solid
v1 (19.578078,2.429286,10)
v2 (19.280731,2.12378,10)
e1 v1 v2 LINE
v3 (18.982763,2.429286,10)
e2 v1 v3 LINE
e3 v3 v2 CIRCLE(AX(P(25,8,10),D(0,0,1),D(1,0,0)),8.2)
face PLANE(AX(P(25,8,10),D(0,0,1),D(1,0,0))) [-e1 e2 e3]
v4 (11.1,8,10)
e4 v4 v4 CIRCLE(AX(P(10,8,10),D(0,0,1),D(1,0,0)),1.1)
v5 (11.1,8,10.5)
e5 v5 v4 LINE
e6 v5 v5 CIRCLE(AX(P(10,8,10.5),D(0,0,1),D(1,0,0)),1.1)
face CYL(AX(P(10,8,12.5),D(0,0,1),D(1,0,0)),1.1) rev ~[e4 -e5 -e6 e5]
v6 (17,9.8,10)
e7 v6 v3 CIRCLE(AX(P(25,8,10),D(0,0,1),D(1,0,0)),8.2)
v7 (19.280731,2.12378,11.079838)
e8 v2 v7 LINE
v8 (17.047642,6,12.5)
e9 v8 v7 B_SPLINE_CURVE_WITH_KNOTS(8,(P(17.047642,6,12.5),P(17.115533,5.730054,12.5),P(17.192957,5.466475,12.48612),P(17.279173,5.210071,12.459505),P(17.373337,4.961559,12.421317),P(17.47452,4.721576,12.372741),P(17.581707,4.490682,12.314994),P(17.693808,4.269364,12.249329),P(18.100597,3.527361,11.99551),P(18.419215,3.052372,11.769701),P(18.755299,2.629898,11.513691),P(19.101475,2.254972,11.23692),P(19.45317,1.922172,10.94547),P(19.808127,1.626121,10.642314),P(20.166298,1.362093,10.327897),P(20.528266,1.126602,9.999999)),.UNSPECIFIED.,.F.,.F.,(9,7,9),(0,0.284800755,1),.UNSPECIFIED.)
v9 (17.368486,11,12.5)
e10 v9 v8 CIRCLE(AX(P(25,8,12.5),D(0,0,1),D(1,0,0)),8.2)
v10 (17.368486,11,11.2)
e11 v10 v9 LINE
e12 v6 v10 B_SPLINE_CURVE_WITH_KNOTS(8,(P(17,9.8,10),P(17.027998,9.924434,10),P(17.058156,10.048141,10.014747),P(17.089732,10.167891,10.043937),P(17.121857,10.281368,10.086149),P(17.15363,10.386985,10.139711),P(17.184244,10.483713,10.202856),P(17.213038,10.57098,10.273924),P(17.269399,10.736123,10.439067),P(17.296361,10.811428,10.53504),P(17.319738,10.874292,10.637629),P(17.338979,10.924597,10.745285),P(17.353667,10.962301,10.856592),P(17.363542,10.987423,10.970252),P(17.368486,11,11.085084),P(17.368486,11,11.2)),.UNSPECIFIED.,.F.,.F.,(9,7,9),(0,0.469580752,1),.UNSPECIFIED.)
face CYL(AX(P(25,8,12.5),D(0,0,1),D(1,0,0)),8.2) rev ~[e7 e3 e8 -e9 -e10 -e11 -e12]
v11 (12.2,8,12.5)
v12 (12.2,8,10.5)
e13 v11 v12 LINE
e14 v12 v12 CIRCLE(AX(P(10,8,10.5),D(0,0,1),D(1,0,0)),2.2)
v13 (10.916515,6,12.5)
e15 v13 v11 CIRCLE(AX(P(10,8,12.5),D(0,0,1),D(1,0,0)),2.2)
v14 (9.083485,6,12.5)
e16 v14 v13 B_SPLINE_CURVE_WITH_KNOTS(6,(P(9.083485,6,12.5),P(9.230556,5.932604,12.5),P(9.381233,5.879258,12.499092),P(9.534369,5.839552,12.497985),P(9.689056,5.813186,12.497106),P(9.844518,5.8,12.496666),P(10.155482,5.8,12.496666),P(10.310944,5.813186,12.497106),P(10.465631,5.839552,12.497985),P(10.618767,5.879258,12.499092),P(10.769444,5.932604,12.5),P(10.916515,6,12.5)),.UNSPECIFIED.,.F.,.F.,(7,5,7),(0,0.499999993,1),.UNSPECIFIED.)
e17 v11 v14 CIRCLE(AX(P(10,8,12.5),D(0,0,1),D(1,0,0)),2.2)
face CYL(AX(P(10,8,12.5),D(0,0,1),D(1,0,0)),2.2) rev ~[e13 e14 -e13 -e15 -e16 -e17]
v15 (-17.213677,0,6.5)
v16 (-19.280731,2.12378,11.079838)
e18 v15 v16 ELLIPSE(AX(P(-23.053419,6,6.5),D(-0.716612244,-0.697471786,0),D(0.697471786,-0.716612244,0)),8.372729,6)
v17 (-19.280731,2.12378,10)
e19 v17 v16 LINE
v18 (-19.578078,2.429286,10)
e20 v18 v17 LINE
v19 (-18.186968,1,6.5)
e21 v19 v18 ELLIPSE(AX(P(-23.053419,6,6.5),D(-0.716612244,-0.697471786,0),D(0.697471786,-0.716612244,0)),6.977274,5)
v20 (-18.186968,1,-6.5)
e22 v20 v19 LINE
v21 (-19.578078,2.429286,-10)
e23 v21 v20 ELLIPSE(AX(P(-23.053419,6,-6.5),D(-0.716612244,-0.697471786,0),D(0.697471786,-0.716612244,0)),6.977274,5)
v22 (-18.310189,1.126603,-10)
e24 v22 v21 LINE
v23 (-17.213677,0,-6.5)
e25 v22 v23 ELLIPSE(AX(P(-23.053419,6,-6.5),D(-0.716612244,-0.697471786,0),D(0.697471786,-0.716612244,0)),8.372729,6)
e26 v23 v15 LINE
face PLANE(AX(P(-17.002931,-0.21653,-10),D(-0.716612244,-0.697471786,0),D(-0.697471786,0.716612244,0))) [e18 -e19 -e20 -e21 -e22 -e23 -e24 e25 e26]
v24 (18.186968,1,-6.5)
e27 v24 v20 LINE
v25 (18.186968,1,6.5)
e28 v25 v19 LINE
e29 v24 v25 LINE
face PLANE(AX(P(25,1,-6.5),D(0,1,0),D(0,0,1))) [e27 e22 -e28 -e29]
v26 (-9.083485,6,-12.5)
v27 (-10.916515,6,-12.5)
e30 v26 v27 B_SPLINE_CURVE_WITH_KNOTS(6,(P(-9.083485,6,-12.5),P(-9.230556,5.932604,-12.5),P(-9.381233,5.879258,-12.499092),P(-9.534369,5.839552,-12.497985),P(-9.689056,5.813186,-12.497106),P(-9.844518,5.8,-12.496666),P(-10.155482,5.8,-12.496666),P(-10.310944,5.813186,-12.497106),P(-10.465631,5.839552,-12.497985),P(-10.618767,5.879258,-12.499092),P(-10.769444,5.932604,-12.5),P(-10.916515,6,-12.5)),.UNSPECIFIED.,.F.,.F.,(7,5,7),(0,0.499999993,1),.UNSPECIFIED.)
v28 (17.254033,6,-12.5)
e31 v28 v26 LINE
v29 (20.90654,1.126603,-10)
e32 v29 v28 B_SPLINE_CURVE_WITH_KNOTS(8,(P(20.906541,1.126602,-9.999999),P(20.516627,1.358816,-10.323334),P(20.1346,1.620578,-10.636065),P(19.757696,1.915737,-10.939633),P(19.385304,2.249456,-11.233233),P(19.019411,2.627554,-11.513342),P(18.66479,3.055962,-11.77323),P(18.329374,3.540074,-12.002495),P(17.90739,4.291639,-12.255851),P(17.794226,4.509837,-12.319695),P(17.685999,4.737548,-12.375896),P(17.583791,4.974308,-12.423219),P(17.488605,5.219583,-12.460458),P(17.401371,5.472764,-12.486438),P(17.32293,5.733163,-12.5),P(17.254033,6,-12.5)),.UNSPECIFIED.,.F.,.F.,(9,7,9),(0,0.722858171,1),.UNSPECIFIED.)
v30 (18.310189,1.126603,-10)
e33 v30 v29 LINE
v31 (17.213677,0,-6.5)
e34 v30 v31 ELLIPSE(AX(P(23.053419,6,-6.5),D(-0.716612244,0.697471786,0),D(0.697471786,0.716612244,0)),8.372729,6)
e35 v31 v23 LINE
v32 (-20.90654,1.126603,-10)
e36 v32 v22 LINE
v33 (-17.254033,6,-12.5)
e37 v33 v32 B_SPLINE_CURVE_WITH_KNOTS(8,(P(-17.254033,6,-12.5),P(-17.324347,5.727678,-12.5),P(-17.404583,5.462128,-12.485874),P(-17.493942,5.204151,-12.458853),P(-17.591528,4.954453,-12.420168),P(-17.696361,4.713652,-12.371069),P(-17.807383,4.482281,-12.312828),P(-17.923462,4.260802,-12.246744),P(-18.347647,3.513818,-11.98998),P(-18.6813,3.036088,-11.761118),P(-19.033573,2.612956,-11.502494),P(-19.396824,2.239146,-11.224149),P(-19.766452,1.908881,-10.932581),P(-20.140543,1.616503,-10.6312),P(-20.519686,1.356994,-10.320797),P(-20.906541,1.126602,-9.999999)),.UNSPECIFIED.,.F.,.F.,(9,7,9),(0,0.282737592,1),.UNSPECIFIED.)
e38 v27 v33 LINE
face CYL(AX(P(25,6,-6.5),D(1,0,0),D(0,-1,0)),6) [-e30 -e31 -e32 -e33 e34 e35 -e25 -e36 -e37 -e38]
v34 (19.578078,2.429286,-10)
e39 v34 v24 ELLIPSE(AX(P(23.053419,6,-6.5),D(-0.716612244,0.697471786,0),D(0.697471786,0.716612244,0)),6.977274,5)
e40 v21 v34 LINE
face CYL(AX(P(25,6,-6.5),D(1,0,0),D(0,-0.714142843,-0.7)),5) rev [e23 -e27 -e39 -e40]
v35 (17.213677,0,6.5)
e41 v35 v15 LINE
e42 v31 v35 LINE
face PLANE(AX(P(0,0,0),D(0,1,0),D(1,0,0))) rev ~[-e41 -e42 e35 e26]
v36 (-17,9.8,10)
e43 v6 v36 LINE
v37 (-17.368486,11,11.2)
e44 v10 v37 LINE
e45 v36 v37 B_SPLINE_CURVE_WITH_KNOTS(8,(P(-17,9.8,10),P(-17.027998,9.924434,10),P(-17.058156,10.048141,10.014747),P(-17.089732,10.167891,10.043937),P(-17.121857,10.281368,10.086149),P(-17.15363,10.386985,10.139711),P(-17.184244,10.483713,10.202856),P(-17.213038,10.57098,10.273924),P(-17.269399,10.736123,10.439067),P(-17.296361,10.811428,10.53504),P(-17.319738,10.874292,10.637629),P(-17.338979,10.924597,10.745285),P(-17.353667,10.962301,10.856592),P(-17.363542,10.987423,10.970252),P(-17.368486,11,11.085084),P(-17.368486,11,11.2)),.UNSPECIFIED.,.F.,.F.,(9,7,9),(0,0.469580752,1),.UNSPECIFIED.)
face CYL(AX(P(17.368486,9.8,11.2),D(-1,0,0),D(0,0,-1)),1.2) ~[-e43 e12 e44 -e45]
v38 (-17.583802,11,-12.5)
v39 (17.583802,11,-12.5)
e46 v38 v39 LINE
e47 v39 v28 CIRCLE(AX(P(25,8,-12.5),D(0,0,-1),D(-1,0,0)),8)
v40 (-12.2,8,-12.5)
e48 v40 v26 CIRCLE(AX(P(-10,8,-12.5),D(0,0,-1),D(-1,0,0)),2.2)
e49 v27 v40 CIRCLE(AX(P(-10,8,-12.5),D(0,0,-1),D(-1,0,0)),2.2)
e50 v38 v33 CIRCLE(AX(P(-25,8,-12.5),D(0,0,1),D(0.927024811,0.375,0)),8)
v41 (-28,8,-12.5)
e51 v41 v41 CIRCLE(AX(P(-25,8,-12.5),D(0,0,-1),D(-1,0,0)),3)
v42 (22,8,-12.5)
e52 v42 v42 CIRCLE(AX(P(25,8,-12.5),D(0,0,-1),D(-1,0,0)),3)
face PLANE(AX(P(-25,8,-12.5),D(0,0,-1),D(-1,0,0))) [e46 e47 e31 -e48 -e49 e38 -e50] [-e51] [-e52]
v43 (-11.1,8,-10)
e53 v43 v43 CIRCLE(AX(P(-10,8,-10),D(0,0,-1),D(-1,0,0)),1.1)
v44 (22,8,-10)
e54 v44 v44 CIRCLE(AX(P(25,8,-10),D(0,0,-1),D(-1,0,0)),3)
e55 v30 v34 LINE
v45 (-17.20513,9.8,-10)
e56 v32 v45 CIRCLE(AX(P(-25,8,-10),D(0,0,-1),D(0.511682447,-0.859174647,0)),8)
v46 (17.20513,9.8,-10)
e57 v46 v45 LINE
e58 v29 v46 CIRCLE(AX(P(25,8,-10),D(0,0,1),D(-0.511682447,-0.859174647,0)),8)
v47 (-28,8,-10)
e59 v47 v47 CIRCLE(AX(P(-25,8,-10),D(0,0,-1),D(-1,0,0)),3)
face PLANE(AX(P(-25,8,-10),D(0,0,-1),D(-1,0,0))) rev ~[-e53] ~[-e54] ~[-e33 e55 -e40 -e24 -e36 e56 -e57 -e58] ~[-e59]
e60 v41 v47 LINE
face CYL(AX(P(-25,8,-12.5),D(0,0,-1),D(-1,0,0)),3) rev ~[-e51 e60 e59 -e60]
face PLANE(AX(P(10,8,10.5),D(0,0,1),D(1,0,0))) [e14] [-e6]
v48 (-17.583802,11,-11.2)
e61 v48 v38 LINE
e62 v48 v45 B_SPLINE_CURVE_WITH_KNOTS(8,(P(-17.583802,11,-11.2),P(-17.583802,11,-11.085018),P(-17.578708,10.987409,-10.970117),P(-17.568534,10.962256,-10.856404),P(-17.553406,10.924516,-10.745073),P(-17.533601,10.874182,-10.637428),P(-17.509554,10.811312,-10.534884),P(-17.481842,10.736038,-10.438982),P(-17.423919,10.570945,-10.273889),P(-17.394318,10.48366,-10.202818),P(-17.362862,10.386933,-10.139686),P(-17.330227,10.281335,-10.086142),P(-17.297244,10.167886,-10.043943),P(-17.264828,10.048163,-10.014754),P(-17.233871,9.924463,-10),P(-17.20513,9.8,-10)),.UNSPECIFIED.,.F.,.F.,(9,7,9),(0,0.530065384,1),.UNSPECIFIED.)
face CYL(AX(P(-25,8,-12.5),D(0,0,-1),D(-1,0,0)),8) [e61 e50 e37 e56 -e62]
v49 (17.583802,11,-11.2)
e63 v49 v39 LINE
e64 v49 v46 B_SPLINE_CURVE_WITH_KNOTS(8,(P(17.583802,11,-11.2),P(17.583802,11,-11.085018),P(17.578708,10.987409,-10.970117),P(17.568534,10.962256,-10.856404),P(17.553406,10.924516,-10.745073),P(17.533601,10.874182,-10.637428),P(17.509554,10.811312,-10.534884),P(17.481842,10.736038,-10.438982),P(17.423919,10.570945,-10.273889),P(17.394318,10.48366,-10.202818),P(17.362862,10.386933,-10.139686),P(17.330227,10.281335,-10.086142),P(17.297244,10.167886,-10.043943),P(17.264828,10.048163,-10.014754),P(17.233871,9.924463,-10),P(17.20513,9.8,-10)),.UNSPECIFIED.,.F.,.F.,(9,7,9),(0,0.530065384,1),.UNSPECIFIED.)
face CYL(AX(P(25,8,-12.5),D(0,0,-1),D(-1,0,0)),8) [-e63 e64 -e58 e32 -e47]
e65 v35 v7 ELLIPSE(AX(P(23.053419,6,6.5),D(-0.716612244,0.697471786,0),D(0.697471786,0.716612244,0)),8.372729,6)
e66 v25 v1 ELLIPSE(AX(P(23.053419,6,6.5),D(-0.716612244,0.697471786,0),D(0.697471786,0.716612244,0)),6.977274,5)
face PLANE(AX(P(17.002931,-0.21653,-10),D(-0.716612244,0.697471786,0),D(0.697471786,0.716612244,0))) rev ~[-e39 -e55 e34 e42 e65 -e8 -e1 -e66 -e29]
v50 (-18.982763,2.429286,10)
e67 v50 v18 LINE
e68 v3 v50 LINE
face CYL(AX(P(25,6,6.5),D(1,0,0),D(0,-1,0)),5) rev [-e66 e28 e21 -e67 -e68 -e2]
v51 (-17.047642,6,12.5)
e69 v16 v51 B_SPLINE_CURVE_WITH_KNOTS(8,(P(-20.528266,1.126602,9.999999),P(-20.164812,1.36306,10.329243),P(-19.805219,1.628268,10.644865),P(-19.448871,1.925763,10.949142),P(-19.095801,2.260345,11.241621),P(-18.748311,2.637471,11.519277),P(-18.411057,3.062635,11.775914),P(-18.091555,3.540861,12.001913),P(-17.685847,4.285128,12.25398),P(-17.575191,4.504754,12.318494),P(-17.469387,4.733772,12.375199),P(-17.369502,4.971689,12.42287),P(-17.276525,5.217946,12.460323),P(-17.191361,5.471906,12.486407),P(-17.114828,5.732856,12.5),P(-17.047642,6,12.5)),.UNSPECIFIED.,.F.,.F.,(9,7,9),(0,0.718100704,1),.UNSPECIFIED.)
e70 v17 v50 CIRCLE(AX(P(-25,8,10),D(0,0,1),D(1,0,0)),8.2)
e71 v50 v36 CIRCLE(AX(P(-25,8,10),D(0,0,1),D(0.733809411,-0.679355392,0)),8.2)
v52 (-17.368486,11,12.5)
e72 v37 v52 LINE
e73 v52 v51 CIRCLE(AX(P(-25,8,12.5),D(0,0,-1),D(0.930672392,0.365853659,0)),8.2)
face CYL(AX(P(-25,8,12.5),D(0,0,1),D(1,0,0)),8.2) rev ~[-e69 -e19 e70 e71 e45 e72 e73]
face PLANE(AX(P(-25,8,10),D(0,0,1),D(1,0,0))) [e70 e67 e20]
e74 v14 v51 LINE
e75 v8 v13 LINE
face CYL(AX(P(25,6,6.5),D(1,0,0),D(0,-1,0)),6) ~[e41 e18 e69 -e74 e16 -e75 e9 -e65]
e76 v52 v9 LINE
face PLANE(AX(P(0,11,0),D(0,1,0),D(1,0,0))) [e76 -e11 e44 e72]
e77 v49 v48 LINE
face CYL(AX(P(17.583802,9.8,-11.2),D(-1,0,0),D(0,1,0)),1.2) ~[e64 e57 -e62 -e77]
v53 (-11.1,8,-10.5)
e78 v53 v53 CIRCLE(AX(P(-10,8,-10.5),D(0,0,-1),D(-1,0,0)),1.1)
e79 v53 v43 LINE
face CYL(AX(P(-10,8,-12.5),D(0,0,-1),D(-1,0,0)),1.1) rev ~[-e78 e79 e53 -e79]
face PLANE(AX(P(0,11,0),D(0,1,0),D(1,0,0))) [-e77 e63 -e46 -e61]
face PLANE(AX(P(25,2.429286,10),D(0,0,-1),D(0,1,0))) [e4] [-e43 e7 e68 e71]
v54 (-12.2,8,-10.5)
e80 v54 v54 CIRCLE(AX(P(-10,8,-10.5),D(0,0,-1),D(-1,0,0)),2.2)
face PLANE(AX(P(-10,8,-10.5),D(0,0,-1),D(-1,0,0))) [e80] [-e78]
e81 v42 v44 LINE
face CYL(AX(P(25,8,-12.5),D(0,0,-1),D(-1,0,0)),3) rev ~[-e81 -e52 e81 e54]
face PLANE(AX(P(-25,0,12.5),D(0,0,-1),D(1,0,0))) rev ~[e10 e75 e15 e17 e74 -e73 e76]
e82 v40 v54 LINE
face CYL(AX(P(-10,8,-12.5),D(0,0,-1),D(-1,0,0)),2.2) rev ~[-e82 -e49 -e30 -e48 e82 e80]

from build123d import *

# Parameters (mm, degrees)
SKETCH_1_W          = 50
SKETCH_1_H          = 25
EXTRUDE_1_DEPTH     = 11
CUT_EXTRUDE_1_DEPTH = 53.699620492
CUT_EXTRUDE_2_DEPTH = 53.699620492
SKETCH_6_R          = 8
EXTRUDE_4_DEPTH     = 2.5
SKETCH_9_R          = 3
SKETCH_9_R_2        = 1.1
CUT_EXTRUDE_4_DEPTH = 2.5
SKETCH_12_R         = 2.2
CUT_EXTRUDE_5_DEPTH = 2
SKETCH_11_R         = 2.2
CUT_EXTRUDE_6_DEPTH = 2
SKETCH_13_R         = 8.2
CUT_EXTRUDE_7_DEPTH = 2.5
SKETCH_14_R         = 3
SKETCH_14_R_2       = 1.1
CUT_EXTRUDE_8_DEPTH = 2.5
CUT_EXTRUDE_9_DEPTH = 25
FILLET_1_R          = 1.2


with BuildPart() as part:
    # 草图1 → 凸台-拉伸1 (new body)
    with BuildSketch(Plane(origin=(0, 0, 0), x_dir=(1, 0, 0), z_dir=(0, 1, 0))):
        Rectangle(SKETCH_1_W, SKETCH_1_H)
    extrude(amount=EXTRUDE_1_DEPTH)

    # 草图2 → 切除-拉伸1 (cut, through all)
    with BuildSketch(Plane(origin=(25, 0, 0), x_dir=(0, 0, -1), z_dir=(1, 0, 0))):
        with BuildLine():
            Line((-12.5, 0), (-6.5, 0))
            ThreePointArc((-6.5, 0), (-10.742640687, 1.757359313), (-12.5, 6))
            Line((-12.5, 6), (-12.5, 0))
        make_face()
        with BuildLine():
            Line((12.5, 6), (12.5, 0))
            Line((12.5, 0), (6.5, 0))
            ThreePointArc((6.5, 0), (10.742640687, 1.757359313), (12.5, 6))
        make_face()
    extrude(amount=-CUT_EXTRUDE_1_DEPTH, mode=Mode.SUBTRACT)

    # 草图3 → 切除-拉伸2 (cut, through all)
    with BuildSketch(Plane(origin=(25, 0, 0), x_dir=(0, 0, -1), z_dir=(1, 0, 0))):
        with BuildLine():
            Line((-10, 11), (10, 11))
            Line((10, 11), (10, 2.429285786))
            ThreePointArc((10, 2.429285786), (8.390294809, 1.371092404), (6.5, 1))
            Line((6.5, 1), (-6.5, 1))
            ThreePointArc((-6.5, 1), (-8.390294809, 1.371092404), (-10, 2.429285786))
            Line((-10, 2.429285786), (-10, 11))
        make_face()
    extrude(amount=-CUT_EXTRUDE_2_DEPTH, mode=Mode.SUBTRACT)

    # 草图6 → 凸台-拉伸4 (add)
    with BuildSketch(Plane(origin=(0, 0, -12.5), x_dir=(-1, 0, 0), z_dir=(0, 0, -1))):
        with Locations((25, 8)):
            Circle(SKETCH_6_R)
        with Locations((-25, 8)):
            Circle(SKETCH_6_R)
    extrude(amount=-EXTRUDE_4_DEPTH)

    # 草图9 → 切除-拉伸4 (cut)
    with BuildSketch(Plane.XY.offset(12.5)):
        with Locations((25, 8)):
            Circle(SKETCH_9_R)
        with Locations((10, 8)):
            Circle(SKETCH_9_R_2)
    extrude(amount=-CUT_EXTRUDE_4_DEPTH, mode=Mode.SUBTRACT)

    # 草图12 → 切除-拉伸5 (cut)
    with BuildSketch(Plane.XY.offset(12.5)):
        with Locations((10, 8)):
            Circle(SKETCH_12_R)
    extrude(amount=-CUT_EXTRUDE_5_DEPTH, mode=Mode.SUBTRACT)

    # 草图11 → 切除-拉伸6 (cut)
    with BuildSketch(Plane(origin=(0, 0, -12.5), x_dir=(-1, 0, 0), z_dir=(0, 0, -1))):
        with Locations((10, 8)):
            Circle(SKETCH_11_R)
    extrude(amount=-CUT_EXTRUDE_6_DEPTH, mode=Mode.SUBTRACT)

    # 草图13 → 切除-拉伸7 (cut)
    with BuildSketch(Plane.XY.offset(12.5)):
        with Locations((-25, 8)):
            Circle(SKETCH_13_R)
        with Locations((25, 8)):
            Circle(SKETCH_13_R)
    extrude(amount=-CUT_EXTRUDE_7_DEPTH, mode=Mode.SUBTRACT)

    # 草图14 → 切除-拉伸8 (cut)
    with BuildSketch(Plane(origin=(0, 0, -12.5), x_dir=(-1, 0, 0), z_dir=(0, 0, -1))):
        with Locations((25, 8)):
            Circle(SKETCH_14_R)
        with Locations((-25, 8)):
            Circle(SKETCH_14_R)
        with Locations((10, 8)):
            Circle(SKETCH_14_R_2)
    extrude(amount=-CUT_EXTRUDE_8_DEPTH, mode=Mode.SUBTRACT)

    # 草图15 → 切除-拉伸9 (cut)
    with BuildSketch(Plane.XY.offset(-10)):
        Polygon((25, 8), (25, 0), (17.002930857, -0.216529728), align=None)
        Polygon((-17.002930857, -0.216529728), (-25, 8), (-25, 0), align=None)
    extrude(amount=CUT_EXTRUDE_9_DEPTH, mode=Mode.SUBTRACT)

    # 圆角1
    fillet_1_edges = [part.edges().sort_by_distance(p)[0] for p in [
        (0, 11, 10),
        (0, 11, -10),
    ]]
    fillet(fillet_1_edges, radius=FILLET_1_R)


solid = part.part
